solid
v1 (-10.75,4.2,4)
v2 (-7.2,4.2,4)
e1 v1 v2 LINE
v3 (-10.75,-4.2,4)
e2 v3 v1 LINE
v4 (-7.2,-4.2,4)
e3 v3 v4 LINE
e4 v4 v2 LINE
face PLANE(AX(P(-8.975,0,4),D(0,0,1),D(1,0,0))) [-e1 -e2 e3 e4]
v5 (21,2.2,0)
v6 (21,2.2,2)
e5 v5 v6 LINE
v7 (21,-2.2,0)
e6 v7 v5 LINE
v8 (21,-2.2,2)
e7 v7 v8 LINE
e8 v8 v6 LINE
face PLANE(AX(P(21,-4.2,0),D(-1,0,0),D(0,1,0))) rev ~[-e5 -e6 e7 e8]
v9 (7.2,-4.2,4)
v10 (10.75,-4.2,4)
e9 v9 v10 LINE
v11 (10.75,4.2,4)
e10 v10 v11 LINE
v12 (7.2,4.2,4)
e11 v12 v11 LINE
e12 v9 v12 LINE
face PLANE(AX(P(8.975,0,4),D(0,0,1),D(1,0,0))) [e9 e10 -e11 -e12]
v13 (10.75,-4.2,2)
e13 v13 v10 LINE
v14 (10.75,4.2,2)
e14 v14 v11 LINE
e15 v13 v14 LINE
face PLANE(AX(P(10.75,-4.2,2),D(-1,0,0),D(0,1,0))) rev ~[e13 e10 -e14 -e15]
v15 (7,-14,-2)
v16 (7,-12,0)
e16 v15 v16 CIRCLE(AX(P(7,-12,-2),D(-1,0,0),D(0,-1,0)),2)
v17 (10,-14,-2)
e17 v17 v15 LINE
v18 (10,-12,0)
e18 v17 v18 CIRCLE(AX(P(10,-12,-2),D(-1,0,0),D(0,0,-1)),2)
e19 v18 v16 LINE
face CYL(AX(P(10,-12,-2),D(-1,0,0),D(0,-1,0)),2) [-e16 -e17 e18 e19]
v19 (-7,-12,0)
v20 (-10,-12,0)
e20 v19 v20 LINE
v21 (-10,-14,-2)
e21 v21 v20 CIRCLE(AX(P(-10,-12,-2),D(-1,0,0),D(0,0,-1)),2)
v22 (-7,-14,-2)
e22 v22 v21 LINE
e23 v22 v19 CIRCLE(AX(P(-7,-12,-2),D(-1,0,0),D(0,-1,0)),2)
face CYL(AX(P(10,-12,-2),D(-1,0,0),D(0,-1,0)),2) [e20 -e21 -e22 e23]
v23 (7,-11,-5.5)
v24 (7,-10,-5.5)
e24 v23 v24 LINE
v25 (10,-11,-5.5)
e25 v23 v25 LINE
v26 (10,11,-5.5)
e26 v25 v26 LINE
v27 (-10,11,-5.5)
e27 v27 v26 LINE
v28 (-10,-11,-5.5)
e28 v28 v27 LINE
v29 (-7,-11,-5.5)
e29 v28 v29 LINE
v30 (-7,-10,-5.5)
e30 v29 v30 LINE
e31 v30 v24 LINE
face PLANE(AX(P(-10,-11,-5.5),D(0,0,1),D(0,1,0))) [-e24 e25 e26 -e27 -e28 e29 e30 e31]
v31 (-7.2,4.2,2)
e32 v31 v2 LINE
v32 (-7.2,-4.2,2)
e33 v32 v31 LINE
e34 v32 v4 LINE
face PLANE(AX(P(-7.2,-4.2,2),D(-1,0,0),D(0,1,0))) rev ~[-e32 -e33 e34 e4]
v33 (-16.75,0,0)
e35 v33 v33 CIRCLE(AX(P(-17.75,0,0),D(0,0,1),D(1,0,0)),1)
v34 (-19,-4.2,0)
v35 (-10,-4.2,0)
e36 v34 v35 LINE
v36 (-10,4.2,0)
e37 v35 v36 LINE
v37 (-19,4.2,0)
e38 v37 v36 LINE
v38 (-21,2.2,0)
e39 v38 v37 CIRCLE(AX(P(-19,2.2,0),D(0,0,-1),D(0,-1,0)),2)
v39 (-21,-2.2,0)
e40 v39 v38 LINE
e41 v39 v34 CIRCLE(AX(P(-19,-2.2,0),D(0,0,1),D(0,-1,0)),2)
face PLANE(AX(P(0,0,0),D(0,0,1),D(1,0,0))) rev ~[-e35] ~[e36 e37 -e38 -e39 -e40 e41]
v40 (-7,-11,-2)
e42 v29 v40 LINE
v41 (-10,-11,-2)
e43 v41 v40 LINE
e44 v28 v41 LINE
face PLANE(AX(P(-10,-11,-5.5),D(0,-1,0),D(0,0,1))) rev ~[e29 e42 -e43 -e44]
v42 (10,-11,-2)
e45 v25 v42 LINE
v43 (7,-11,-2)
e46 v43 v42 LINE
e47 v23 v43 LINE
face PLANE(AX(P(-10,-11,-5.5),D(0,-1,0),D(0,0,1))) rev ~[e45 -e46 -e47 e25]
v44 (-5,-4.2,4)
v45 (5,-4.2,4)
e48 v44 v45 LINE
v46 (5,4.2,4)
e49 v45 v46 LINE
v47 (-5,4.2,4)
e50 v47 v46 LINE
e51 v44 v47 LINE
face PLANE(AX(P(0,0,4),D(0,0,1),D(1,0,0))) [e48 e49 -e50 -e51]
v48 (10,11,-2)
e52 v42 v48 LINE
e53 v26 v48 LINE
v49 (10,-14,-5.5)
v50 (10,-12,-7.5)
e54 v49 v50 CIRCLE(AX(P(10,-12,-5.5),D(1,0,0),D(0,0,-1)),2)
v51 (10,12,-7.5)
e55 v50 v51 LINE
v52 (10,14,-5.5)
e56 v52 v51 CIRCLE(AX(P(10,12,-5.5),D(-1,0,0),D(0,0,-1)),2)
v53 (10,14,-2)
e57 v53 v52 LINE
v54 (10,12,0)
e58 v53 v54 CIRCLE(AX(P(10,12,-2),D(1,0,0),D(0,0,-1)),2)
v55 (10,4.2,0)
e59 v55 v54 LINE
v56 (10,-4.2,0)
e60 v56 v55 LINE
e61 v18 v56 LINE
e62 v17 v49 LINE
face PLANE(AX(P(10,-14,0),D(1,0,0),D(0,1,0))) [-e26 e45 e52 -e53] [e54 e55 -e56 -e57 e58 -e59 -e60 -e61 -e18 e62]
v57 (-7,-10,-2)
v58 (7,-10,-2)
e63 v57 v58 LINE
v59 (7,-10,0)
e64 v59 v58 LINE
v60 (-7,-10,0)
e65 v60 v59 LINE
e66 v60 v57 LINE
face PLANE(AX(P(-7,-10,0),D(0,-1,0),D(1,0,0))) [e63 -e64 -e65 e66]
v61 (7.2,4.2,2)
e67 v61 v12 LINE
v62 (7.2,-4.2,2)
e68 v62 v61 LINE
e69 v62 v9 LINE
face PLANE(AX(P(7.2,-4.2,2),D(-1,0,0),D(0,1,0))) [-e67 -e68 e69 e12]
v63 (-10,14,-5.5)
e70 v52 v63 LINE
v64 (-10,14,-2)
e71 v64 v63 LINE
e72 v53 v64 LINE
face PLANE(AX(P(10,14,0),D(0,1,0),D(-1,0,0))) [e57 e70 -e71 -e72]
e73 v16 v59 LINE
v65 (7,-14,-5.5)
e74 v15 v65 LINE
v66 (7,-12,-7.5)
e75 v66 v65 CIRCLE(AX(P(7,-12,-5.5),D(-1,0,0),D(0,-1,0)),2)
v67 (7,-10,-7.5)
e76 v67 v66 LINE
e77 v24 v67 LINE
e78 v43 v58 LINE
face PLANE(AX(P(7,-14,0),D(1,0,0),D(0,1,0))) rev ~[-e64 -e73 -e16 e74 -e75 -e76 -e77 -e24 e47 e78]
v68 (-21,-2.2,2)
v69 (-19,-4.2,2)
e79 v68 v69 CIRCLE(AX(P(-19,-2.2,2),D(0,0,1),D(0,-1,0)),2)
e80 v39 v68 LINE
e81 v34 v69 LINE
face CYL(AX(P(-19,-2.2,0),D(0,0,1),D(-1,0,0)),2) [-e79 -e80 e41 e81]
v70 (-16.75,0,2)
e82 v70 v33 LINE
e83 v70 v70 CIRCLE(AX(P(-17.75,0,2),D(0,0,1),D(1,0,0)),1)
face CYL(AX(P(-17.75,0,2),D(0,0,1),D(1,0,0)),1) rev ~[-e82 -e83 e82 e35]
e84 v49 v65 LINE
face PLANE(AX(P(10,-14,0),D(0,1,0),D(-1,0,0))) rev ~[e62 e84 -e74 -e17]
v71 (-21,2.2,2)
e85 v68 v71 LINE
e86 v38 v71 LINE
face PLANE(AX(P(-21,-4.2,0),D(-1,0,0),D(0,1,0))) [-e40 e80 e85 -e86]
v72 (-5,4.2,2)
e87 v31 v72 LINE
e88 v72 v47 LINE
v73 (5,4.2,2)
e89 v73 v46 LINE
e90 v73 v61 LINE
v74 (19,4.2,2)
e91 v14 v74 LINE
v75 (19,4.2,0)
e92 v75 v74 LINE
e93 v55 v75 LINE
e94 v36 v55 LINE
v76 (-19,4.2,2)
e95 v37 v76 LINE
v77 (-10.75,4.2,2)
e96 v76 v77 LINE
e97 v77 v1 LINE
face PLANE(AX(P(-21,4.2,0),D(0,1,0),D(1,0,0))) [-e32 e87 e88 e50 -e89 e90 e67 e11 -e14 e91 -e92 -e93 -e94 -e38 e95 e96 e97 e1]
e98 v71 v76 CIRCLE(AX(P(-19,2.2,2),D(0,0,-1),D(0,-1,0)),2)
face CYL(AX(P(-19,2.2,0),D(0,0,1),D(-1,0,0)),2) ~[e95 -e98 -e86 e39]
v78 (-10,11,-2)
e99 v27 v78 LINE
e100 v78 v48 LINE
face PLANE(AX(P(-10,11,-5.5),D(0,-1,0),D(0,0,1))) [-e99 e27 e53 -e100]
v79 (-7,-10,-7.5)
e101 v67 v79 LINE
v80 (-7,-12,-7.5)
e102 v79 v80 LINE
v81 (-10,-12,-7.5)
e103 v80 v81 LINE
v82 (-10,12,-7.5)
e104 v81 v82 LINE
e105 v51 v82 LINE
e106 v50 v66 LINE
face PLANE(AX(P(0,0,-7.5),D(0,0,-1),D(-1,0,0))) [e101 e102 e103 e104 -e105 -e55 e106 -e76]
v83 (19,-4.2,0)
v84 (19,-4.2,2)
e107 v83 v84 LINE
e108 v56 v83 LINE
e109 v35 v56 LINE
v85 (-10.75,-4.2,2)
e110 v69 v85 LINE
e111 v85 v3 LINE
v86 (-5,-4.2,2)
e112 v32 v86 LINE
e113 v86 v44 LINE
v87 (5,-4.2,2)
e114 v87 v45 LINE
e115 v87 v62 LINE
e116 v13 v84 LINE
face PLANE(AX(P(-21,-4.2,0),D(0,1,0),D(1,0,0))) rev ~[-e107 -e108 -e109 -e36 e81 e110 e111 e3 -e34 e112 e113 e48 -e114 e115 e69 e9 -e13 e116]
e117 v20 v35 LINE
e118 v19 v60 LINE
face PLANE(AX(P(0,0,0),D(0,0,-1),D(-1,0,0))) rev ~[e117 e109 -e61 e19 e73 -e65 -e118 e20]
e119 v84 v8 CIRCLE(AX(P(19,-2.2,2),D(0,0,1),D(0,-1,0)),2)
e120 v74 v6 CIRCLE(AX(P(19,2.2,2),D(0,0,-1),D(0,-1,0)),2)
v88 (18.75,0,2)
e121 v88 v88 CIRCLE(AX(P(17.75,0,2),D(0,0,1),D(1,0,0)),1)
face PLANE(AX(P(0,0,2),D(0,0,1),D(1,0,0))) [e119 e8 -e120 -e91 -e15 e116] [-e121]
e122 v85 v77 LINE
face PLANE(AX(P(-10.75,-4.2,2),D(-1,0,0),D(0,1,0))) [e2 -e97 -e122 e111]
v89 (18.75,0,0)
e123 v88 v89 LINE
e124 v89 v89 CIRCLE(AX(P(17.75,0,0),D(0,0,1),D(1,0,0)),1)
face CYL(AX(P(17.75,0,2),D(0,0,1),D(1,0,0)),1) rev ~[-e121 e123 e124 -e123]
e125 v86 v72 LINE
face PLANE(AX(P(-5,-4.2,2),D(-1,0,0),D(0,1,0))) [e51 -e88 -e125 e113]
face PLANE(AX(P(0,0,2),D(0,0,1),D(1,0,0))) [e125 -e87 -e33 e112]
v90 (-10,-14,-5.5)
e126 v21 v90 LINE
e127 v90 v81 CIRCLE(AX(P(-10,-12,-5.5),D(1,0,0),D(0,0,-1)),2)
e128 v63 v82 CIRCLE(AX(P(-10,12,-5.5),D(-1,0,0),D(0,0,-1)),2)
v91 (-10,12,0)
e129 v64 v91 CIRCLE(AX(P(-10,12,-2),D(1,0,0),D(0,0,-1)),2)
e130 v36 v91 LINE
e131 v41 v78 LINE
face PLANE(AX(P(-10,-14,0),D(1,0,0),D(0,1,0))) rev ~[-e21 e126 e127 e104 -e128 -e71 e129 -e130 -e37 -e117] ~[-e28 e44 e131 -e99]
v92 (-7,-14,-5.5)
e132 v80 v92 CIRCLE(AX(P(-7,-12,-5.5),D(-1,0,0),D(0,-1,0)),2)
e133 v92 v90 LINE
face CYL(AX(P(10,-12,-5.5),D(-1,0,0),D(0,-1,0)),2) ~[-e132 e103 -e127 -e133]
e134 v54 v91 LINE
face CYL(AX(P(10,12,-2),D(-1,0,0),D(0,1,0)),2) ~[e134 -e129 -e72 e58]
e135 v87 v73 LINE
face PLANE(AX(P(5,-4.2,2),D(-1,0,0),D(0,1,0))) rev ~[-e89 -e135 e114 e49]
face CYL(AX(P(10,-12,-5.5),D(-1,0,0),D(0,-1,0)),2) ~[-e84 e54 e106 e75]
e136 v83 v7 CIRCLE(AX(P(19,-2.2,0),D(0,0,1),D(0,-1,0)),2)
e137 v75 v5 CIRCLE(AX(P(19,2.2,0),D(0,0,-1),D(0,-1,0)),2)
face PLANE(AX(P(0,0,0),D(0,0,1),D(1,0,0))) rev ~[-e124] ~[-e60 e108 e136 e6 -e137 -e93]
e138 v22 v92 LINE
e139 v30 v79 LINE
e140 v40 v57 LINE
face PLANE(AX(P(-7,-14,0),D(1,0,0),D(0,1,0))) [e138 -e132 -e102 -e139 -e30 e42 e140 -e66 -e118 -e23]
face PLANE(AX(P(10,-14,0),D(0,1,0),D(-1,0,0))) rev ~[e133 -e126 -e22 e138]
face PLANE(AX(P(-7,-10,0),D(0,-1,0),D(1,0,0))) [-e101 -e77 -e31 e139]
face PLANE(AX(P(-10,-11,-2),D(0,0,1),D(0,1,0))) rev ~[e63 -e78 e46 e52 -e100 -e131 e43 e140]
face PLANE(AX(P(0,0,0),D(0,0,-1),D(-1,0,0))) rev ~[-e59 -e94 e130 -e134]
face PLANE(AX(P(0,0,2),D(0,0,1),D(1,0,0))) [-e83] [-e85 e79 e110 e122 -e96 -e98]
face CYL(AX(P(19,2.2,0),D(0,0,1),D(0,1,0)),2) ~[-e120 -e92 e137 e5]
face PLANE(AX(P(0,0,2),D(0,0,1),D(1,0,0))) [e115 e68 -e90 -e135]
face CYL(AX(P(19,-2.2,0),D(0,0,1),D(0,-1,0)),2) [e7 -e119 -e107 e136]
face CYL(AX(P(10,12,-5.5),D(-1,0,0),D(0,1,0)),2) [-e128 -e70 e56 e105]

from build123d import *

# Parameters (mm, degrees)
SKETCH2_W           = 42
SKETCH2_H           = 8.4
BOSS_EXTRUDE1_DEPTH = 2
SKETCH3_W           = 3.55
SKETCH3_H           = 8.4
SKETCH3_W_2         = 10
BOSS_EXTRUDE2_DEPTH = 2
FILLET1_R           = 2
SKETCH4_R           = 1
CUT_EXTRUDE1_DEPTH  = 2
SKETCH5_W           = 20
SKETCH5_H           = 28
BOSS_EXTRUDE3_DEPTH = 7.5
FILLET2_R           = 2
SKETCH6_W           = 3.5
SKETCH6_H           = 22
CUT_EXTRUDE2_DEPTH  = 20
SKETCH7_W           = 14
SKETCH7_H           = 4
CUT_EXTRUDE3_DEPTH  = 10


with BuildPart() as part:
    # Sketch2 → Boss-Extrude1 (new body)
    with BuildSketch(Plane.XY):
        Rectangle(SKETCH2_W, SKETCH2_H)
    extrude(amount=BOSS_EXTRUDE1_DEPTH)

    # Sketch3 → Boss-Extrude2 (add)
    with BuildSketch(Plane.XY.offset(2)):
        with Locations((-8.975, 0)):
            Rectangle(SKETCH3_W, SKETCH3_H)
        with Locations((8.975, 0)):
            Rectangle(SKETCH3_W, SKETCH3_H)
        Rectangle(SKETCH3_W_2, SKETCH3_H)
    extrude(amount=BOSS_EXTRUDE2_DEPTH)

    # Fillet1
    fillet1_edges = [part.edges().sort_by_distance(p)[0] for p in [
        (-21, 4.2, 1),
        (21, 4.2, 1),
        (21, -4.2, 1),
        (-21, -4.2, 1),
    ]]
    fillet(fillet1_edges, radius=FILLET1_R)

    # Sketch4 → Cut-Extrude1 (cut)
    with BuildSketch(Plane.XY.offset(2)):
        with Locations((-17.75, 0)):
            Circle(SKETCH4_R)
        with Locations((17.75, 0)):
            Circle(SKETCH4_R)
    extrude(amount=-CUT_EXTRUDE1_DEPTH, mode=Mode.SUBTRACT)

    # Sketch5 → Boss-Extrude3 (add)
    with BuildSketch(Plane(origin=(0, 0, 0), x_dir=(-1, 0, 0), z_dir=(0, 0, -1))):
        Rectangle(SKETCH5_W, SKETCH5_H)
    extrude(amount=BOSS_EXTRUDE3_DEPTH)

    # Fillet2
    fillet2_edges = [part.edges().sort_by_distance(p)[0] for p in [
        (0, 14, 0),
        (0, -14, 0),
        (0, 14, -7.5),
        (0, -14, -7.5),
    ]]
    fillet(fillet2_edges, radius=FILLET2_R)

    # Sketch6 → Cut-Extrude2 (cut)
    with BuildSketch(Plane.ZY.offset(10)):
        with Locations((-3.75, 0)):
            Rectangle(SKETCH6_W, SKETCH6_H)
    extrude(amount=-CUT_EXTRUDE2_DEPTH, mode=Mode.SUBTRACT)

    # Sketch7 → Cut-Extrude3 (cut)
    with BuildSketch(Plane.XY):
        with Locations((0, -12)):
            Rectangle(SKETCH7_W, SKETCH7_H)
    extrude(amount=-CUT_EXTRUDE3_DEPTH, mode=Mode.SUBTRACT)


solid = part.part
